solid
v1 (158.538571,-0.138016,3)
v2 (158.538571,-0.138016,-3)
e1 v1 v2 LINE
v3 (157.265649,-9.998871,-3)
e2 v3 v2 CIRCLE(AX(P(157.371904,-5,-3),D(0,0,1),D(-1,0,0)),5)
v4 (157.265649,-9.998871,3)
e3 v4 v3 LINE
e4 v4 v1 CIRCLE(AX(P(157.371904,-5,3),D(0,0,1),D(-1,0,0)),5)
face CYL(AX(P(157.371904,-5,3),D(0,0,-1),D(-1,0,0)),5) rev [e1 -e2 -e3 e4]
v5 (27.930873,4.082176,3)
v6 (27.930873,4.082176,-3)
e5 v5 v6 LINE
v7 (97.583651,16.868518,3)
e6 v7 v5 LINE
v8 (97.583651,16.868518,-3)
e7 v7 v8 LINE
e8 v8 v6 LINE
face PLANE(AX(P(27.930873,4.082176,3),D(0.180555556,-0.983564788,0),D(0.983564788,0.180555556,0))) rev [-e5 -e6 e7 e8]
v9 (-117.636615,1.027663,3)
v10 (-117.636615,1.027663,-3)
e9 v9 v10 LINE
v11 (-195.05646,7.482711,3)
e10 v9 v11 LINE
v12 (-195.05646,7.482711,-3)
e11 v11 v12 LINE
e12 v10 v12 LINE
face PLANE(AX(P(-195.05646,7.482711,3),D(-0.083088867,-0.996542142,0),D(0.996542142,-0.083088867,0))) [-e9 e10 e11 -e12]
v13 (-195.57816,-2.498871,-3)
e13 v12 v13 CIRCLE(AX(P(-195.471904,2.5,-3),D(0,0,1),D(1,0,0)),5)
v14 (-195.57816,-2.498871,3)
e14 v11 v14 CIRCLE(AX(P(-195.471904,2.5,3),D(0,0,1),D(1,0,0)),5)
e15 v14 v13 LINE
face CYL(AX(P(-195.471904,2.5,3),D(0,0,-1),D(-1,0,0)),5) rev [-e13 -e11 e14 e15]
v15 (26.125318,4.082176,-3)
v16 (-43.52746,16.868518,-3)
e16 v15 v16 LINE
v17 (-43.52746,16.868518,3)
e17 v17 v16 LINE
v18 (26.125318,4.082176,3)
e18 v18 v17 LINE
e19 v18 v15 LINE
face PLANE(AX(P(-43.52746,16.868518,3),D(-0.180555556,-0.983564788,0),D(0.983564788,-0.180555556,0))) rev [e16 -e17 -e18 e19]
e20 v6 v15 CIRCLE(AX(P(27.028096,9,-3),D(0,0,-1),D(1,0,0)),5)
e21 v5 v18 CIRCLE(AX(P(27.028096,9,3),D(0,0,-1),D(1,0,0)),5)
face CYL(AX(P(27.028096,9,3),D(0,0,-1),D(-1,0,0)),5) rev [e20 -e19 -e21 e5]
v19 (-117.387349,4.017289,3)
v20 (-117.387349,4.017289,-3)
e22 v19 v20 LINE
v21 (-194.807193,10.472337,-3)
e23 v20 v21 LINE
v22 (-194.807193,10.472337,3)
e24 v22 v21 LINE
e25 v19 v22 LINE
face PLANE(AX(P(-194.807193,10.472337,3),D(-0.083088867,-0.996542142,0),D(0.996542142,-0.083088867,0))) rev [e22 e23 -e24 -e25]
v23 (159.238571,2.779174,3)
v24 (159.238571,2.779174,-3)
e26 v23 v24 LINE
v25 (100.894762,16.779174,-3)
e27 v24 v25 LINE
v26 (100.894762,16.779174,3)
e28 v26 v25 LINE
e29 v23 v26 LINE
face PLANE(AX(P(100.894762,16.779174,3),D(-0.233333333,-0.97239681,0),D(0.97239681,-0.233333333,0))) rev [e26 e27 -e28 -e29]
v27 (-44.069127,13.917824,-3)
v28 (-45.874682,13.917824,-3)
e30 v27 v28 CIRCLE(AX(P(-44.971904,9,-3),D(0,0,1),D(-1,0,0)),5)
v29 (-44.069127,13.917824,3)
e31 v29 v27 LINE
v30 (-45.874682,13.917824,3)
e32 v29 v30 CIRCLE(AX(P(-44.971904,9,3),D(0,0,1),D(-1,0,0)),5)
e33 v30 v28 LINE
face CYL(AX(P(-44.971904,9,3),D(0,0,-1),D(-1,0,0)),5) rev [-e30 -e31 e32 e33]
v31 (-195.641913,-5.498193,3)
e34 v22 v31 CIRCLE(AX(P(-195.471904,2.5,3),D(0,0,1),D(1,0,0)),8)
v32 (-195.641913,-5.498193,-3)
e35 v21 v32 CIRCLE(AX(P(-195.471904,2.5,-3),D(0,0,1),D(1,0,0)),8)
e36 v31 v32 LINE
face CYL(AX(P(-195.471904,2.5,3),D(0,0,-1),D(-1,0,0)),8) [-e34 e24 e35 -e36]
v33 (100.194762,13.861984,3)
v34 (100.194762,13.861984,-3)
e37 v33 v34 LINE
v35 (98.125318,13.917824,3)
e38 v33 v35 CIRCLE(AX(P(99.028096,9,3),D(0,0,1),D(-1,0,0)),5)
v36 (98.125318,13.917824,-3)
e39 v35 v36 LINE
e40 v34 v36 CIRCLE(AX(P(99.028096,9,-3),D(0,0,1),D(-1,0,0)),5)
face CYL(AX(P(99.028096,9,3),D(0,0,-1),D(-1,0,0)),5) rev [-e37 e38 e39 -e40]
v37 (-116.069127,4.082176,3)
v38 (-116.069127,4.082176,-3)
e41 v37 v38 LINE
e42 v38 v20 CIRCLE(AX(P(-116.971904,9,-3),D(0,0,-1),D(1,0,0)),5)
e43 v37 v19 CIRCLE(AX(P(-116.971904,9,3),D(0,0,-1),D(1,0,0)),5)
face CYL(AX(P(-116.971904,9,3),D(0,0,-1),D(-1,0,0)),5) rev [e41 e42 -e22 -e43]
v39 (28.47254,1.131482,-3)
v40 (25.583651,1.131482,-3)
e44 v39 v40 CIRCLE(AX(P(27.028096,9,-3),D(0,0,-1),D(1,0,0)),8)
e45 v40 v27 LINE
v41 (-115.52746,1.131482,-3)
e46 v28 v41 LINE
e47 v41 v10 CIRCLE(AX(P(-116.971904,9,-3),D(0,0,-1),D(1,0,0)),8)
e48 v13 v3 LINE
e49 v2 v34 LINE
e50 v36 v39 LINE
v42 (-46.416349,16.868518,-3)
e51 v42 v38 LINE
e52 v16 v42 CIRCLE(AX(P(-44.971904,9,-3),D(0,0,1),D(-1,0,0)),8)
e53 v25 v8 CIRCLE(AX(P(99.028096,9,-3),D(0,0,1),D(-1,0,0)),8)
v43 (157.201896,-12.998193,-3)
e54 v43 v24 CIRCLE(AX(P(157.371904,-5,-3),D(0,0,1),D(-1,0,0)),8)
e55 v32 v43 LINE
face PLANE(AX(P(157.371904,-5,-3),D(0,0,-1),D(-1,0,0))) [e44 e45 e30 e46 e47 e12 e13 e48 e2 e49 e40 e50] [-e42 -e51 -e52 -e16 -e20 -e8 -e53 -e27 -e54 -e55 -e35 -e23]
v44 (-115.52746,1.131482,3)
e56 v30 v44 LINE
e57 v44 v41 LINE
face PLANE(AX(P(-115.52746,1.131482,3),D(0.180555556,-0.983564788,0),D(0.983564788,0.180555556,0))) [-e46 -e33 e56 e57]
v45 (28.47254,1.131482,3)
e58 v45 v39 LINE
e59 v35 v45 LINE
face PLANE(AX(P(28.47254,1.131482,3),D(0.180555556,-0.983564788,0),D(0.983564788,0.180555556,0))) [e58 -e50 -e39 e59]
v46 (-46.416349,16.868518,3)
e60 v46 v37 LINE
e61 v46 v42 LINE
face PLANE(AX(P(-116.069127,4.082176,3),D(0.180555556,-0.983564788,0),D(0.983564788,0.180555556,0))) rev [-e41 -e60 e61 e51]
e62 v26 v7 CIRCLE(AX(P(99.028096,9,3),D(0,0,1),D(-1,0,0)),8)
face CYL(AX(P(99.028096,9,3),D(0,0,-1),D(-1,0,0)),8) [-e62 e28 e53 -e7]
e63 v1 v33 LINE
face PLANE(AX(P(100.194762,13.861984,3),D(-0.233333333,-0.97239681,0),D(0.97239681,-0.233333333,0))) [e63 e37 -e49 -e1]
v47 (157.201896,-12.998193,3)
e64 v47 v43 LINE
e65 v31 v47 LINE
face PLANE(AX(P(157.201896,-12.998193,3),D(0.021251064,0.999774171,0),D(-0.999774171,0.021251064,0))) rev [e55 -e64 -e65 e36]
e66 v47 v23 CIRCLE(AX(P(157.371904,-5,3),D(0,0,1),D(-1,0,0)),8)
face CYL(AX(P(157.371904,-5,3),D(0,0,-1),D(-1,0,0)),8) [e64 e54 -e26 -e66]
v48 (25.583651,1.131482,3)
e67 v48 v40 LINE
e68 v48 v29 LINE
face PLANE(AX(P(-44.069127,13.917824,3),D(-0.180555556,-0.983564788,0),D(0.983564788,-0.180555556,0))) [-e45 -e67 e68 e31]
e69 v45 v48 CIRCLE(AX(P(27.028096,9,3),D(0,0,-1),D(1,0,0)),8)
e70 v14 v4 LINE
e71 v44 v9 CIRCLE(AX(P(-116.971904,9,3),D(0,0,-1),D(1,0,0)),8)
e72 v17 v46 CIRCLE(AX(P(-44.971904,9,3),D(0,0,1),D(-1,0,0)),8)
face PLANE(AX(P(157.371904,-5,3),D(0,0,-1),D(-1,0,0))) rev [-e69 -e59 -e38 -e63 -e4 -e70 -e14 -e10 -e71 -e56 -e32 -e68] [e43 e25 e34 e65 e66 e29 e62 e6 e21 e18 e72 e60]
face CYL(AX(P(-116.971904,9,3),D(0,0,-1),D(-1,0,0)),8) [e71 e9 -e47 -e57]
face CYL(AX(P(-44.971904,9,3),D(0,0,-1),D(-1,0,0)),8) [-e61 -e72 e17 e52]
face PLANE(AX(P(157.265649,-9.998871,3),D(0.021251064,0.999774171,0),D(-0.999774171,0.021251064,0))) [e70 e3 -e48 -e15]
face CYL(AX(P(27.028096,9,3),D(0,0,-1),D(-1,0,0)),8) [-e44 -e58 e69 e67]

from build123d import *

# Parameters (mm, degrees)
BOSS_EXTRUDE1_DEPTH = 3


with BuildPart() as part:
    # Sketch1 → Boss-Extrude1 (new, symmetric)
    with BuildSketch(Plane.XY):
        with BuildLine():
            Line((157.201895781, -12.998193365), (-195.641912802, -5.498193365))
            ThreePointArc((-195.641912802, -5.498193365), (-203.460999592, 2.917559906), (-194.807193354, 10.472337133))
            Line((-194.807193354, 10.472337133), (-117.387348628, 4.017289292))
            ThreePointArc((-117.387348628, 4.017289292), (-116.726087197, 4.00604626), (-116.069126514, 4.082176062))
            Line((-116.069126514, 4.082176062), (-46.416348736, 16.868518301))
            ThreePointArc((-46.416348736, 16.868518301), (-44.971904292, 17), (-43.527459847, 16.868518301))
            Line((-43.527459847, 16.868518301), (26.125317931, 4.082176062))
            ThreePointArc((26.125317931, 4.082176062), (27.028095708, 4), (27.930873486, 4.082176062))
            Line((27.930873486, 4.082176062), (97.583651264, 16.868518301))
            ThreePointArc((97.583651264, 16.868518301), (99.243881438, 16.997089253), (100.894762375, 16.779174478))
            Line((100.894762375, 16.779174478), (159.238570958, 2.779174478))
            ThreePointArc((159.238570958, 2.779174478), (165.306070677, -6.024208847), (157.201895781, -12.998193365))
        make_face()
        with BuildLine():
            Line((-195.056459955, 7.482710708), (-117.63661523, 1.027662867))
            ThreePointArc((-117.63661523, 1.027662867), (-116.57859694, 1.009674016), (-115.527459847, 1.131481699))
            Line((-115.527459847, 1.131481699), (-45.874682069, 13.917823938))
            ThreePointArc((-45.874682069, 13.917823938), (-44.971904292, 14), (-44.069126514, 13.917823938))
            Line((-44.069126514, 13.917823938), (25.583651264, 1.131481699))
            ThreePointArc((25.583651264, 1.131481699), (27.028095708, 1), (28.472540153, 1.131481699))
            Line((28.472540153, 1.131481699), (98.125317931, 13.917823938))
            ThreePointArc((98.125317931, 13.917823938), (99.162961789, 13.998180783), (100.194762375, 13.861984049))
            Line((100.194762375, 13.861984049), (158.538570958, -0.138015951))
            ThreePointArc((158.538570958, -0.138015951), (162.330758283, -5.640130529), (157.265648973, -9.998870853))
            Line((157.265648973, -9.998870853), (-195.578159611, -2.498870853))
            ThreePointArc((-195.578159611, -2.498870853), (-200.465088855, 2.760974942), (-195.056459955, 7.482710708))
        make_face(mode=Mode.SUBTRACT)
    extrude(amount=BOSS_EXTRUDE1_DEPTH, both=True)


solid = part.part
